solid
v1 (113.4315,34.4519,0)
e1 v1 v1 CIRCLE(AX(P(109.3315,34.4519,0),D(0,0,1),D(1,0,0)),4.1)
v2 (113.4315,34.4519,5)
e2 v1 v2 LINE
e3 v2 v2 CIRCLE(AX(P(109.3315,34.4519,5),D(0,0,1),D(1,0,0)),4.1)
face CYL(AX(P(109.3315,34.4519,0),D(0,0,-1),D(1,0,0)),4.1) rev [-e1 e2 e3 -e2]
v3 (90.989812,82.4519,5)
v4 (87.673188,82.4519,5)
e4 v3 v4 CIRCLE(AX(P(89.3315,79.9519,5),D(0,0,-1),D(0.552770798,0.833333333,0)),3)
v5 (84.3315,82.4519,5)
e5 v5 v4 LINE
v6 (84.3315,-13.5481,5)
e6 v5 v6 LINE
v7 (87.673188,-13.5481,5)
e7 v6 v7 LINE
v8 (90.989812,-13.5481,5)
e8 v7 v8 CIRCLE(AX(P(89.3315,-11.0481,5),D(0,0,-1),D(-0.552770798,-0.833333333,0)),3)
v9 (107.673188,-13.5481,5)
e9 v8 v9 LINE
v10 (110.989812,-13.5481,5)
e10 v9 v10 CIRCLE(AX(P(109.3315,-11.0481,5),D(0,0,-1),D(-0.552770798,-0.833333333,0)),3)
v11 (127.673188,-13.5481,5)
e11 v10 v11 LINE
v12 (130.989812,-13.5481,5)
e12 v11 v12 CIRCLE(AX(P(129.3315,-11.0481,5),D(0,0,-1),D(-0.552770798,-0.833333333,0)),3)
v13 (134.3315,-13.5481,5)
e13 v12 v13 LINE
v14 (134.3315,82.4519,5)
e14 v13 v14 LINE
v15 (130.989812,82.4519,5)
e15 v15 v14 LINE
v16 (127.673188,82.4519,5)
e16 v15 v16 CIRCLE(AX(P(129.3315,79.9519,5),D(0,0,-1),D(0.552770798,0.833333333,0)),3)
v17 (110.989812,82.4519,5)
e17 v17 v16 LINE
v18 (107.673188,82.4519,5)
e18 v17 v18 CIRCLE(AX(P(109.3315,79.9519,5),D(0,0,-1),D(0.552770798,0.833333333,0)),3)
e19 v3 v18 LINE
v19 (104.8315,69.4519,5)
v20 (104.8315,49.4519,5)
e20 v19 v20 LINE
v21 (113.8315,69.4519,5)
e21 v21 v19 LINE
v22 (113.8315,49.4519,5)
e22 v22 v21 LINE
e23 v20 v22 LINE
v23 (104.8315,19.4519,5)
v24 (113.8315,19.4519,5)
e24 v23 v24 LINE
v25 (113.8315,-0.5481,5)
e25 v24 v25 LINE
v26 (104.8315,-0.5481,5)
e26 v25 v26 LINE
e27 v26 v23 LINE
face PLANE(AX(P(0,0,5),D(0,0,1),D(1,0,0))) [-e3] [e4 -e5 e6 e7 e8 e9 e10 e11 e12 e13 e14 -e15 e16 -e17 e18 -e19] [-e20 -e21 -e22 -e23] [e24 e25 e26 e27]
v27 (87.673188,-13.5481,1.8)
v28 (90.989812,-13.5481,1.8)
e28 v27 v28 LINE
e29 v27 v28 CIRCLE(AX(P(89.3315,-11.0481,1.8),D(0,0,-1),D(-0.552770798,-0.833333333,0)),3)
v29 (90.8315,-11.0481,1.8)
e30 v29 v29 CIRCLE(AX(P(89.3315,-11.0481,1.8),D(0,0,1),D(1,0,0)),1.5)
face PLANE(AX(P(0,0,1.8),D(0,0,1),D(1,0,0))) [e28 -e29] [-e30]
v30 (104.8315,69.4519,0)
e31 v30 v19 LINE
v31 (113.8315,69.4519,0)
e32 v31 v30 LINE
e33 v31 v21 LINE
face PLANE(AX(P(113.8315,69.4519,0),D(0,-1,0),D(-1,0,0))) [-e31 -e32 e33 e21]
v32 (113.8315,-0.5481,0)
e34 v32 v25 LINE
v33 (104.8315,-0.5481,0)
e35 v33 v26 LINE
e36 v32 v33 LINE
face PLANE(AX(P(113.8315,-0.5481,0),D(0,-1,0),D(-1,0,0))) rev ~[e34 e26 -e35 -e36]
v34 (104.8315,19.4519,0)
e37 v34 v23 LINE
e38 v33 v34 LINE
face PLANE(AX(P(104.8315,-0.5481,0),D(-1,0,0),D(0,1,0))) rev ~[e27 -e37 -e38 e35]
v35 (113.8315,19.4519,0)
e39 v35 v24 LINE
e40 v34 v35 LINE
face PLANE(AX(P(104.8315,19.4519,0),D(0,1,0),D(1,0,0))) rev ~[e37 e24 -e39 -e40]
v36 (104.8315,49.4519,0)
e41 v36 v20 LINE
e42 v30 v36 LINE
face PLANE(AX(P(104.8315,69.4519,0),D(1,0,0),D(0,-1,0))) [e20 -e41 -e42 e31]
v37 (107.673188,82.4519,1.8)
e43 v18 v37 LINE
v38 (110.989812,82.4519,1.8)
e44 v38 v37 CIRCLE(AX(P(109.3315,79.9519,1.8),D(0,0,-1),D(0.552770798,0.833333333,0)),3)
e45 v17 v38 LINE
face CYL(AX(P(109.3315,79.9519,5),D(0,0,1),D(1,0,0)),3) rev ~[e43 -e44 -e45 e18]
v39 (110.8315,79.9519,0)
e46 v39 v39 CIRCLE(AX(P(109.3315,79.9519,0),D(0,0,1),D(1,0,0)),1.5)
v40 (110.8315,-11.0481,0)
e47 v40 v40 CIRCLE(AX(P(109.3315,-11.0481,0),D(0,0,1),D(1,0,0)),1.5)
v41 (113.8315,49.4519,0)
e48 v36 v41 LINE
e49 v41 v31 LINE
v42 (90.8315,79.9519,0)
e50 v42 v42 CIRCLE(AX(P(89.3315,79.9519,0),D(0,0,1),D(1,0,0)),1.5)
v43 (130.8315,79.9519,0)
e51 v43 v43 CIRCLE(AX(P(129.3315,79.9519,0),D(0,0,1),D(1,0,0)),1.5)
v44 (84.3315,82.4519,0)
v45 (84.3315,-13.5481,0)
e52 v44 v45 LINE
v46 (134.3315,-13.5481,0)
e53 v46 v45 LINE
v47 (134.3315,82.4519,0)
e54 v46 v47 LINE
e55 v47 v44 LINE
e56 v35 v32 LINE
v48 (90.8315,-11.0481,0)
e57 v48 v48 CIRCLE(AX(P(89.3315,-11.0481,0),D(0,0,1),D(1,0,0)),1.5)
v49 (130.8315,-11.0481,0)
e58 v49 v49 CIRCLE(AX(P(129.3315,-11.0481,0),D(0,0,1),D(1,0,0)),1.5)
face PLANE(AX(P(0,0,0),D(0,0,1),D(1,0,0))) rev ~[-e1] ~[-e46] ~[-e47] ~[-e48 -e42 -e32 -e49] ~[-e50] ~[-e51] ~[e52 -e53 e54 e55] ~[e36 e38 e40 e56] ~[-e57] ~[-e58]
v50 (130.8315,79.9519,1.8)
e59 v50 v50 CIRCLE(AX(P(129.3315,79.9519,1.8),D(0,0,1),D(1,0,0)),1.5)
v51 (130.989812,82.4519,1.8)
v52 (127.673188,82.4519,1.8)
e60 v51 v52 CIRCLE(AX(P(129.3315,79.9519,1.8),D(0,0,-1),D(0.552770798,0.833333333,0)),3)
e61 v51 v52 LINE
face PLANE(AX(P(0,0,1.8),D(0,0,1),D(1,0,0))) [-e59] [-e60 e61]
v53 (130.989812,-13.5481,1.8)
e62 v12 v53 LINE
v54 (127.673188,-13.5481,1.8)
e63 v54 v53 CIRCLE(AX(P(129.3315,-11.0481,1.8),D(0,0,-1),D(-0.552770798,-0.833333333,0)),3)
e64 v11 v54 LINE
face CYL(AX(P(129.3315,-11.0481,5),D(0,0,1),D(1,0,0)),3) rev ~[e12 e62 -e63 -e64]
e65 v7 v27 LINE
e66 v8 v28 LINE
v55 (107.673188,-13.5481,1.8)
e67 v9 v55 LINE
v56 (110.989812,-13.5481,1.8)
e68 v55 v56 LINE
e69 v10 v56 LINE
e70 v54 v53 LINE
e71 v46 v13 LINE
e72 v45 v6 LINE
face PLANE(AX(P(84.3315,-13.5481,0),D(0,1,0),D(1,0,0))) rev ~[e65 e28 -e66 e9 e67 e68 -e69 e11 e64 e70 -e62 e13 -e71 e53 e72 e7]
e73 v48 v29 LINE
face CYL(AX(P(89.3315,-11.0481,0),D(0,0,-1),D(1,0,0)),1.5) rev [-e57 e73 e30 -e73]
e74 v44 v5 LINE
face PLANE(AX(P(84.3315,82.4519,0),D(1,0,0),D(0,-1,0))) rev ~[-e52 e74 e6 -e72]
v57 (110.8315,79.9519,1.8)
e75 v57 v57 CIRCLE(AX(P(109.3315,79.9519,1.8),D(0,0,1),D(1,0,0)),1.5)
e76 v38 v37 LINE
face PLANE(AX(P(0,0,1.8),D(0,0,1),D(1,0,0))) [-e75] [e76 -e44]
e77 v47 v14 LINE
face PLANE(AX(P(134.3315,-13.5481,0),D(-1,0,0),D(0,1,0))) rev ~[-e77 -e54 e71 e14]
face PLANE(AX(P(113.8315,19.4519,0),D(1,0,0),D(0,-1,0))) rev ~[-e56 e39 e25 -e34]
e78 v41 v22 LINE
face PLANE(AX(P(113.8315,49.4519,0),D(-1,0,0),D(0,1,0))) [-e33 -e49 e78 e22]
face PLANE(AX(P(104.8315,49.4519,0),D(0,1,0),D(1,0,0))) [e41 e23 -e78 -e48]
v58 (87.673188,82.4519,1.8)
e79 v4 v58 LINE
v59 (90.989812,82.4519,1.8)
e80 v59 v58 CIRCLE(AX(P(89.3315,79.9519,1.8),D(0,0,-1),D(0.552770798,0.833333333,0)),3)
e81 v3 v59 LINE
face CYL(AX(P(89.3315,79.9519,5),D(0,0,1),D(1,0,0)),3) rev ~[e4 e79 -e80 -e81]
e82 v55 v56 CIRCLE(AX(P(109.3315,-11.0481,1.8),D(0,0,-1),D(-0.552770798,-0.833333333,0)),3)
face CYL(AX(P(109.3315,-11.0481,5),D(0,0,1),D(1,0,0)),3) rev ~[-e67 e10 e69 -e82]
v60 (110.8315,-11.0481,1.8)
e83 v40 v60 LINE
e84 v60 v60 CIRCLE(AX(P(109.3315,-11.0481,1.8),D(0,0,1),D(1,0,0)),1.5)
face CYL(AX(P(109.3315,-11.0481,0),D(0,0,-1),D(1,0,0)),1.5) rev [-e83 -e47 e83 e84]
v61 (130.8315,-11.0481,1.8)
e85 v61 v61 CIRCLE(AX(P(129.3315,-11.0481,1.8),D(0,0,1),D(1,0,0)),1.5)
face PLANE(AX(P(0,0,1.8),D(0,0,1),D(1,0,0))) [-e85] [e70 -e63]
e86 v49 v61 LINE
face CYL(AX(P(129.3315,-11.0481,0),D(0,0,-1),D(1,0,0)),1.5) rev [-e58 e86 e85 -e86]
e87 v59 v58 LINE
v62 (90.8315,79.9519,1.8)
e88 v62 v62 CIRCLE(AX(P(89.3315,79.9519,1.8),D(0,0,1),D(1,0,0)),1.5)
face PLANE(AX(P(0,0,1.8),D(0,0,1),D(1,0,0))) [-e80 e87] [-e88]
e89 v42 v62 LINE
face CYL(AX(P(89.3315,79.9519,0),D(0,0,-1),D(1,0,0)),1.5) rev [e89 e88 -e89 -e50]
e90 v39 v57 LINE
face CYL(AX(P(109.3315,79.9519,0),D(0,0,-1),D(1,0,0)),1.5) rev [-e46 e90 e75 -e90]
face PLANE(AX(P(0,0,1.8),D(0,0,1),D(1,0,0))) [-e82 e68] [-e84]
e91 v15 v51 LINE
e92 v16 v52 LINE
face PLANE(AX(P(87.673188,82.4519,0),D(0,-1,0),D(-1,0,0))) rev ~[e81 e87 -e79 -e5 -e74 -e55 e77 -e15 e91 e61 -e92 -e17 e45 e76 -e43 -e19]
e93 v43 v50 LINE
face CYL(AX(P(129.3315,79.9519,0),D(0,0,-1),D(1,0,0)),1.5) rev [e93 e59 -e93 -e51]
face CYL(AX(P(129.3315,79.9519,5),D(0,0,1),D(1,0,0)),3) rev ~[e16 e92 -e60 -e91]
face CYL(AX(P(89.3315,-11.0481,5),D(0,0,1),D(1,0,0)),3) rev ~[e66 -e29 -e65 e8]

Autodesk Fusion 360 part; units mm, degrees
sketch "Schizzo5" plane through (0, 0, 0) normal (0, 0, 1) x (1, 0, 0)
  line L0 (84.3315, 82.4519) -> (84.3315, -13.5481)
  circle A0 centre (89.3315, -11.0481) radius 1.5
  circle A1 centre (129.3315, 79.9519) radius 3
  line L1 (84.3315, 34.4519) -> (134.3315, 34.4519) construction
  circle A2 centre (109.3315, 79.9519) radius 1.5
  circle A3 centre (89.3315, 79.9519) radius 3
  circle A4 centre (89.3315, 79.9519) radius 1.5
  line L2 (134.3315, 82.4519) -> (84.3315, 82.4519)
  circle A5 centre (129.3315, 79.9519) radius 1.5
  circle A6 centre (109.3315, 79.9519) radius 3
  circle A7 centre (109.3315, 34.4519) radius 4.1
  circle A8 centre (109.3315, -11.0481) radius 1.5
  line L3 (134.3315, -13.5481) -> (134.3315, 82.4519)
  line L4 (89.3315, 82.4519) -> (89.3315, -13.5481) construction
  circle A9 centre (89.3315, -11.0481) radius 3
  circle A10 centre (109.3315, -11.0481) radius 3
  circle A11 centre (129.3315, -11.0481) radius 1.5
  line L5 (84.3315, -13.5481) -> (134.3315, -13.5481)
  circle A12 centre (129.3315, -11.0481) radius 3
  line L6 (84.3315, -11.0481) -> (134.3315, -11.0481) construction
  line L7 (109.3315, 82.4519) -> (109.3315, -13.5481) construction
  line L8 (109.3315, 34.4519) -> (109.3315, 59.4519) construction
  line L9 (113.8315, -0.5481) -> (104.8315, -0.5481)
  line L10 (104.8315, -0.5481) -> (104.8315, 19.4519)
  line L11 (104.8315, 19.4519) -> (113.8315, 19.4519)
  line L12 (113.8315, 19.4519) -> (113.8315, -0.5481)
  line L13 (113.8315, -0.5481) -> (104.8315, 19.4519) construction
  line L14 (104.8315, -0.5481) -> (113.8315, 19.4519) construction
  line L15 (113.8315, 49.4519) -> (113.8315, 69.4519)
  line L16 (104.8315, 49.4519) -> (113.8315, 49.4519)
  line L17 (104.8315, 69.4519) -> (104.8315, 49.4519)
  line L18 (113.8315, 69.4519) -> (104.8315, 69.4519)
  line L19 (104.8315, 69.4519) -> (113.8315, 49.4519) construction
  line L20 (113.8315, 69.4519) -> (104.8315, 49.4519) construction
  point P0 (127.8474, 12.2366)
  point P1 (109.3315, 9.4519)
  point P2 (109.3315, 59.4519)
  dimension "d221" = 50
  dimension "d222" = 96
  dimension "d223" = 2.5
  dimension "d224" = 20
  dimension "d225" = 3
  dimension "d226" = 6
  dimension "d227" = 3
  dimension "d228" = 6
  dimension "d229" = 8.2
  dimension "d354" = 9
  dimension "d355" = 20
  dimension "d356" = 50
extrude "Estrusione24" add sketch "Schizzo5" along normal blind 5 contours L0 A1 A3 L2 A6 L3 A9 A10 L5 A12 | A3 L2 | A9 L5 | L2 A6 | A10 L5 | A1 L2 | L5 A12 picked at (89.3689, 82.1172) picked at (89.3689, -13.2134) picked at (109.3689, 82.1172) picked at (109.3689, -13.2134) picked at (129.3689, 82.1172) picked at (129.3689, -13.2134)
extrude "Estrusione25" cut sketch "Schizzo5" against normal blind 3.2 from surface at 5 contours A3 L2 | A9 L5 | L2 A6 | A10 L5 | A1 L2 | L5 A12 picked at (89.3689, 82.1172) picked at (89.3689, -13.2134) picked at (109.3689, 82.1172) picked at (109.3689, -13.2134) picked at (129.3689, 82.1172) picked at (129.3689, -13.2134)
equation "d225 = d227"
equation "d226 = d228"
